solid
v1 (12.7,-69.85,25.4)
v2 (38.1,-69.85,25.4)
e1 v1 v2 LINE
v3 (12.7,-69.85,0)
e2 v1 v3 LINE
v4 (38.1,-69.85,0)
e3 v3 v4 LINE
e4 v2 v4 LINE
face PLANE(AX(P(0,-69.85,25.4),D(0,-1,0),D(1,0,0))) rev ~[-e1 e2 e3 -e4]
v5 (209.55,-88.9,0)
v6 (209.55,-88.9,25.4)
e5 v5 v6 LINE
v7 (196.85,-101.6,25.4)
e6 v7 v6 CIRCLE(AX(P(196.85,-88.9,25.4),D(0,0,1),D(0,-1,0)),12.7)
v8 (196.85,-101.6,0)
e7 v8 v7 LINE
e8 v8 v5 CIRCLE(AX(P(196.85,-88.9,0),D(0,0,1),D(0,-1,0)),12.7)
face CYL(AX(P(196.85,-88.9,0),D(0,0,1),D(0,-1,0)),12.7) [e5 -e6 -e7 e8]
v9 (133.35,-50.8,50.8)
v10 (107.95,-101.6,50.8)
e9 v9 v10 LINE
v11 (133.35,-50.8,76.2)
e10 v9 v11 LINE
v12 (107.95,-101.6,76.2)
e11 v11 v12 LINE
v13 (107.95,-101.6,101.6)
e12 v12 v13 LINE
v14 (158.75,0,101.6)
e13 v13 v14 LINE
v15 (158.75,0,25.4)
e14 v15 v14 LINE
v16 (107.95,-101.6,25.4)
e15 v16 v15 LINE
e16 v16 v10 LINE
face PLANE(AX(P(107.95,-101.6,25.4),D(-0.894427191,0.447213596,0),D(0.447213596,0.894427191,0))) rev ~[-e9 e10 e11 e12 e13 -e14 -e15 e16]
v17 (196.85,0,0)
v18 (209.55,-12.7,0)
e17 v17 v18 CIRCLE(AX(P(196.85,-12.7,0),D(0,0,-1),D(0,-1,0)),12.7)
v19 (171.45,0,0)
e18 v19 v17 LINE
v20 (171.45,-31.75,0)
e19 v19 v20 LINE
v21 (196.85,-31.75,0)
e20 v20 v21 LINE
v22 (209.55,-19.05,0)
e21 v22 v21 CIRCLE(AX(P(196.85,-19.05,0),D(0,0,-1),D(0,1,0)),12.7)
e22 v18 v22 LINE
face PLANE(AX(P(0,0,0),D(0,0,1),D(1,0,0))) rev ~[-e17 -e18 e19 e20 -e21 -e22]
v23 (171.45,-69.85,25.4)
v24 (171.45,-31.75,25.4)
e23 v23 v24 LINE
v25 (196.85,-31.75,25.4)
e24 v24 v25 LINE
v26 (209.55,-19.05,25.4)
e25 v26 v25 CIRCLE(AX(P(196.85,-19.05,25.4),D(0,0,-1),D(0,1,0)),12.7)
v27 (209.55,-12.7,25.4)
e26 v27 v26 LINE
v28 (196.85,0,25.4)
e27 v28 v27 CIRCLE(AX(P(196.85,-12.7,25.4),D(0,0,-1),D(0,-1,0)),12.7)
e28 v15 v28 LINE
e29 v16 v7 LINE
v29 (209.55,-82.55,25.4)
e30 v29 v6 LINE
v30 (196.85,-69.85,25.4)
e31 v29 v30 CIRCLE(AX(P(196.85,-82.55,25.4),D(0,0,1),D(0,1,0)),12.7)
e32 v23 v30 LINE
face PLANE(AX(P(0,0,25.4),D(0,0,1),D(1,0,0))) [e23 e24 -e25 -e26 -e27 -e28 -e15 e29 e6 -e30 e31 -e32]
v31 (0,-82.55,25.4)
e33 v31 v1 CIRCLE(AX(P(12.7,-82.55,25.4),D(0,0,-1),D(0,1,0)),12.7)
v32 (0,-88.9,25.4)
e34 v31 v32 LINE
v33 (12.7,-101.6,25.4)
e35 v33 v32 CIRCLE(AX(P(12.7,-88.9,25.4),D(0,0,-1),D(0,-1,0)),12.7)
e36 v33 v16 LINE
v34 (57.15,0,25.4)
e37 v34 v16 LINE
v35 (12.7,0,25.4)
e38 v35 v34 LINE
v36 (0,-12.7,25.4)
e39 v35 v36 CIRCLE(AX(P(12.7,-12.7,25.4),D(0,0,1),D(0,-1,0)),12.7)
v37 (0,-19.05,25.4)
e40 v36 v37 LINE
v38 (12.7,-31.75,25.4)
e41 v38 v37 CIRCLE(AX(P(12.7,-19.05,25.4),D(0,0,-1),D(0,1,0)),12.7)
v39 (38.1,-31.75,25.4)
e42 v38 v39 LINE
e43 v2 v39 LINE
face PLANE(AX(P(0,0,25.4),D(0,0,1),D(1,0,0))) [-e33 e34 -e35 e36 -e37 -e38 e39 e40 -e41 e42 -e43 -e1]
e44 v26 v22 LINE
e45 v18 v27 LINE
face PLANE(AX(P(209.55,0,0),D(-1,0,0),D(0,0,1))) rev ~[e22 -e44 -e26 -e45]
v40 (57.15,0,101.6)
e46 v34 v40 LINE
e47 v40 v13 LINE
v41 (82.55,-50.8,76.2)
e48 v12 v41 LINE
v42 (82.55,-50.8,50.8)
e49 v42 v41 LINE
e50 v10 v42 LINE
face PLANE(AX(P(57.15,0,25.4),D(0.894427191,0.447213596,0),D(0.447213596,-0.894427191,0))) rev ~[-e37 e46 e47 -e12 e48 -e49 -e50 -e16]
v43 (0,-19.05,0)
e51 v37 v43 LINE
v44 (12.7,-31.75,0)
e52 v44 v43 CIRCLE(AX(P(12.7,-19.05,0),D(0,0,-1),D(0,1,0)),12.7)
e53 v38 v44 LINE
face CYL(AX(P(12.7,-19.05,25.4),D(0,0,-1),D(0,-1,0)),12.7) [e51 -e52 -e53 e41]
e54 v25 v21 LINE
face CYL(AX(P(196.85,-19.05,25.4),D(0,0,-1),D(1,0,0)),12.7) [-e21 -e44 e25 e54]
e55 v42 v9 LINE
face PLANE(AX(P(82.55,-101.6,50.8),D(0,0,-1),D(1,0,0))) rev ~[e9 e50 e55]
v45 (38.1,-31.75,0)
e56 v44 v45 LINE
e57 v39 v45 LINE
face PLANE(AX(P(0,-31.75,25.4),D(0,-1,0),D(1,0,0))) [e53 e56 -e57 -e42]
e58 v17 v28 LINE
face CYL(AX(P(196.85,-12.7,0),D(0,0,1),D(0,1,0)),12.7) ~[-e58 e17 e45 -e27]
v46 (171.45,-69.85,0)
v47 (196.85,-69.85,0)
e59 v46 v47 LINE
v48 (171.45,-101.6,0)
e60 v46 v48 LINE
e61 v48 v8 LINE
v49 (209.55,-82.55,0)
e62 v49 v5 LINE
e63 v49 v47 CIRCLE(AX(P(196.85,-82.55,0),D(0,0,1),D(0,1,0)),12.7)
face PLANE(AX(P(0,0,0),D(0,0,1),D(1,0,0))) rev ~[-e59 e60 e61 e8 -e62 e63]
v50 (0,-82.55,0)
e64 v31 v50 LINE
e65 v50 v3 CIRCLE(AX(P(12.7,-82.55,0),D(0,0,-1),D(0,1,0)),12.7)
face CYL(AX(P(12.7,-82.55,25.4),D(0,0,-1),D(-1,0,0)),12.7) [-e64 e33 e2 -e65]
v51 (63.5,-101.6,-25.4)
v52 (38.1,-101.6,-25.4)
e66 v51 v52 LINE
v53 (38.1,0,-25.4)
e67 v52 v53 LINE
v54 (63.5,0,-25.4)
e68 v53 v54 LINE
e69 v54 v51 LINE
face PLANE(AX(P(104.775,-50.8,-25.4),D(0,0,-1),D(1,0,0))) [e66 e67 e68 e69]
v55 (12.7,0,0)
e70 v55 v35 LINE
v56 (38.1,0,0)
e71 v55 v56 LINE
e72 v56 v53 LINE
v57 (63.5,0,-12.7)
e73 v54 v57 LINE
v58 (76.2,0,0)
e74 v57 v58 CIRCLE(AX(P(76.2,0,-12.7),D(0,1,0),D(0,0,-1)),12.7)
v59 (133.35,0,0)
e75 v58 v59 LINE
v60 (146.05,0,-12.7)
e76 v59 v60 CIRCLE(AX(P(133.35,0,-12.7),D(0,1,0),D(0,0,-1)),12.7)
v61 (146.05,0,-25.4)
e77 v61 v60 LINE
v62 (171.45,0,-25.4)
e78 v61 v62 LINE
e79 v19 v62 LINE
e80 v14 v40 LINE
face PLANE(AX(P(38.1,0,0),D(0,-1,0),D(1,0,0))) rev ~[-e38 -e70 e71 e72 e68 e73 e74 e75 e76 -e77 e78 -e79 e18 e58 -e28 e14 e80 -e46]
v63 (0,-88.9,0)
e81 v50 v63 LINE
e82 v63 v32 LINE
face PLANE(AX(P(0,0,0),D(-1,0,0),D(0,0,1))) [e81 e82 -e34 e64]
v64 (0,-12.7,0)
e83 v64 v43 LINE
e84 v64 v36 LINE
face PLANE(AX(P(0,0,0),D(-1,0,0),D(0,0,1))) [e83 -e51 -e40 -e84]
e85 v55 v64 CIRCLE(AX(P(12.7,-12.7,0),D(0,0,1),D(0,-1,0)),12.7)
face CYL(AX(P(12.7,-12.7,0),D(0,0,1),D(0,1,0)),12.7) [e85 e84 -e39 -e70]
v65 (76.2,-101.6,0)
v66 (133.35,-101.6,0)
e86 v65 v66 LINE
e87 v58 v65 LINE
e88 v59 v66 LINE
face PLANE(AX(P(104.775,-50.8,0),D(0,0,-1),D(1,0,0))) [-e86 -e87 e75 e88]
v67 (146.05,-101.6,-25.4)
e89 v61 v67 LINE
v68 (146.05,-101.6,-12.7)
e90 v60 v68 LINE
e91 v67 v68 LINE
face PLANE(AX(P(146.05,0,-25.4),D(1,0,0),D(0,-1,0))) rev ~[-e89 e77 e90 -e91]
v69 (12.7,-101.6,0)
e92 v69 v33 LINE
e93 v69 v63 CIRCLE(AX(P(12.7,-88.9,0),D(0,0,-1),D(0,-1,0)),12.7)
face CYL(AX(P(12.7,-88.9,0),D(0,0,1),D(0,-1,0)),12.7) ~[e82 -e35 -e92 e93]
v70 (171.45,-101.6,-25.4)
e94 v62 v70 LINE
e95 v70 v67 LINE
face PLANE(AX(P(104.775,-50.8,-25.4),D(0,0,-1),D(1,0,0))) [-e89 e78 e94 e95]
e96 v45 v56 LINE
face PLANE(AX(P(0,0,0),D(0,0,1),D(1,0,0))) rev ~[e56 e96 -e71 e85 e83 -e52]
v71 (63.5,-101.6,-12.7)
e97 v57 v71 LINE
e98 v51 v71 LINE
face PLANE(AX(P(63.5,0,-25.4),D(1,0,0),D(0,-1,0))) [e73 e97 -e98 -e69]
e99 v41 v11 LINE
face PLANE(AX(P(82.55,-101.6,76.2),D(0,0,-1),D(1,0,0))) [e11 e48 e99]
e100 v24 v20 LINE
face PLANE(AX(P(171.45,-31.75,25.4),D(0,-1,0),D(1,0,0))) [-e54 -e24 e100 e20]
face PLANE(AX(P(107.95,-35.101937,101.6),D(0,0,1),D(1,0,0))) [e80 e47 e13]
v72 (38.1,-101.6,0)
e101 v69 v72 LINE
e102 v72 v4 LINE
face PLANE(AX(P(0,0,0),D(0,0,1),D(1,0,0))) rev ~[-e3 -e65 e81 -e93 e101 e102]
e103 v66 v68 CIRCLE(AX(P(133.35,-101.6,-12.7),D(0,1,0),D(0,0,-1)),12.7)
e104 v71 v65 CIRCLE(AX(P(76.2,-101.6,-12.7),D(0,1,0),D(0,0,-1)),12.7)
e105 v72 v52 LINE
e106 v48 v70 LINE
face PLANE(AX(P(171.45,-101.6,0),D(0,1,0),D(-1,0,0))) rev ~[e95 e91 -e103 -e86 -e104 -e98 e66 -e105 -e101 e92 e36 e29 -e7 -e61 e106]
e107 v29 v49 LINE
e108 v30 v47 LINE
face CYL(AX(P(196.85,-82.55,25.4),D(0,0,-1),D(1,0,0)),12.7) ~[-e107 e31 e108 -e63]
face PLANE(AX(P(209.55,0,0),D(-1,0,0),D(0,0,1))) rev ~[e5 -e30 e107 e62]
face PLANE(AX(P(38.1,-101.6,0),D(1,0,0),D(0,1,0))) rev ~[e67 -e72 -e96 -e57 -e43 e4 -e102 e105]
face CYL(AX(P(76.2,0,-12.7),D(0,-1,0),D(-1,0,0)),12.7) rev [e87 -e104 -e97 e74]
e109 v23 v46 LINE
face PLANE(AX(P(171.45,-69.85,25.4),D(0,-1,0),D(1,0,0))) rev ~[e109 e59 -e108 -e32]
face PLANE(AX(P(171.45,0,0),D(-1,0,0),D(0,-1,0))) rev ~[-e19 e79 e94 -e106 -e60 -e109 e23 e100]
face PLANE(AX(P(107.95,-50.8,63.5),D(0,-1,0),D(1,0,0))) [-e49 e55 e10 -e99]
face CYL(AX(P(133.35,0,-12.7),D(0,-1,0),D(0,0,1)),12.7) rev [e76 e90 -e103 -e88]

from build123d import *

# Parameters (mm, degrees)
F0_W      = 209.55
F0_H      = 25.4
F1_DEPTH  = 101.6
F2_W      = 38.1
F2_H      = 38.1
F3_DEPTH  = 25.401
F5_DEPTH  = 25.4
F6_W      = 82.55
F6_H      = 101.6
F7_DEPTH  = 25.4
F9_DEPTH  = 76.2
F10_W     = 50.8
F10_H     = 25.4
F11_DEPTH = 50.8
F12_R     = 12.7


with BuildPart() as f1:
    # F0 (on Front) → F1 (new body)
    with BuildSketch(Plane.XZ):
        with Locations((104.775, 12.7)):
            Rectangle(F0_W, F0_H)
    extrude(amount=F1_DEPTH)

    # F2 (on face) → F3 (cut, through all)
    with BuildSketch(Plane.XY.offset(25.4)):
        with Locations((19.05, -50.8)):
            Rectangle(F2_W, F2_H)
        with Locations((190.5, -50.8)):
            Rectangle(F2_W, F2_H)
    extrude(amount=-F3_DEPTH, mode=Mode.SUBTRACT)

    # F4 (on face) → F5 (join)
    with BuildSketch(Plane(origin=(0, 0, 0), x_dir=(1, 0, 0), z_dir=(0, 0, -1))):
        Polygon((171.45, 101.6), (38.1, 101.6), (38.1, 69.85), (38.1, 31.75), (38.1, 0), (171.45, 0), (171.45, 31.75), (171.45, 69.85), align=None)
    extrude(amount=F5_DEPTH)

    # F6 (on face) → F7 (cut)
    with BuildSketch(Plane(origin=(0, 0, -25.4), x_dir=(1, 0, 0), z_dir=(0, 0, -1))):
        with Locations((104.775, 50.8)):
            Rectangle(F6_W, F6_H)
    extrude(amount=-F7_DEPTH, mode=Mode.SUBTRACT)

    # F8 (on face) → F9 (join)
    with BuildSketch(Plane.XY.offset(25.4)):
        Polygon((158.75, 0), (57.15, 0), (107.95, -101.6), align=None)
    extrude(amount=F9_DEPTH)

    # F10 (on face) → F11 (cut)
    with BuildSketch(Plane.XZ.offset(101.6)):
        with Locations((107.95, 63.5)):
            Rectangle(F10_W, F10_H)
    extrude(amount=-F11_DEPTH, mode=Mode.SUBTRACT)

    # F12
    f12_edges = [f1.edges().sort_by_distance(p)[0] for p in [
        (0, -101.6, 12.7),
        (0, -69.85, 12.7),
        (0, -31.75, 12.7),
        (0, 0, 12.7),
        (209.55, 0, 12.7),
        (209.55, -31.75, 12.7),
        (209.55, -69.85, 12.7),
        (209.55, -101.6, 12.7),
        (63.5, -50.8, 0),
        (146.05, -50.8, 0),
    ]]
    fillet(f12_edges, radius=F12_R)


solid = f1.part
